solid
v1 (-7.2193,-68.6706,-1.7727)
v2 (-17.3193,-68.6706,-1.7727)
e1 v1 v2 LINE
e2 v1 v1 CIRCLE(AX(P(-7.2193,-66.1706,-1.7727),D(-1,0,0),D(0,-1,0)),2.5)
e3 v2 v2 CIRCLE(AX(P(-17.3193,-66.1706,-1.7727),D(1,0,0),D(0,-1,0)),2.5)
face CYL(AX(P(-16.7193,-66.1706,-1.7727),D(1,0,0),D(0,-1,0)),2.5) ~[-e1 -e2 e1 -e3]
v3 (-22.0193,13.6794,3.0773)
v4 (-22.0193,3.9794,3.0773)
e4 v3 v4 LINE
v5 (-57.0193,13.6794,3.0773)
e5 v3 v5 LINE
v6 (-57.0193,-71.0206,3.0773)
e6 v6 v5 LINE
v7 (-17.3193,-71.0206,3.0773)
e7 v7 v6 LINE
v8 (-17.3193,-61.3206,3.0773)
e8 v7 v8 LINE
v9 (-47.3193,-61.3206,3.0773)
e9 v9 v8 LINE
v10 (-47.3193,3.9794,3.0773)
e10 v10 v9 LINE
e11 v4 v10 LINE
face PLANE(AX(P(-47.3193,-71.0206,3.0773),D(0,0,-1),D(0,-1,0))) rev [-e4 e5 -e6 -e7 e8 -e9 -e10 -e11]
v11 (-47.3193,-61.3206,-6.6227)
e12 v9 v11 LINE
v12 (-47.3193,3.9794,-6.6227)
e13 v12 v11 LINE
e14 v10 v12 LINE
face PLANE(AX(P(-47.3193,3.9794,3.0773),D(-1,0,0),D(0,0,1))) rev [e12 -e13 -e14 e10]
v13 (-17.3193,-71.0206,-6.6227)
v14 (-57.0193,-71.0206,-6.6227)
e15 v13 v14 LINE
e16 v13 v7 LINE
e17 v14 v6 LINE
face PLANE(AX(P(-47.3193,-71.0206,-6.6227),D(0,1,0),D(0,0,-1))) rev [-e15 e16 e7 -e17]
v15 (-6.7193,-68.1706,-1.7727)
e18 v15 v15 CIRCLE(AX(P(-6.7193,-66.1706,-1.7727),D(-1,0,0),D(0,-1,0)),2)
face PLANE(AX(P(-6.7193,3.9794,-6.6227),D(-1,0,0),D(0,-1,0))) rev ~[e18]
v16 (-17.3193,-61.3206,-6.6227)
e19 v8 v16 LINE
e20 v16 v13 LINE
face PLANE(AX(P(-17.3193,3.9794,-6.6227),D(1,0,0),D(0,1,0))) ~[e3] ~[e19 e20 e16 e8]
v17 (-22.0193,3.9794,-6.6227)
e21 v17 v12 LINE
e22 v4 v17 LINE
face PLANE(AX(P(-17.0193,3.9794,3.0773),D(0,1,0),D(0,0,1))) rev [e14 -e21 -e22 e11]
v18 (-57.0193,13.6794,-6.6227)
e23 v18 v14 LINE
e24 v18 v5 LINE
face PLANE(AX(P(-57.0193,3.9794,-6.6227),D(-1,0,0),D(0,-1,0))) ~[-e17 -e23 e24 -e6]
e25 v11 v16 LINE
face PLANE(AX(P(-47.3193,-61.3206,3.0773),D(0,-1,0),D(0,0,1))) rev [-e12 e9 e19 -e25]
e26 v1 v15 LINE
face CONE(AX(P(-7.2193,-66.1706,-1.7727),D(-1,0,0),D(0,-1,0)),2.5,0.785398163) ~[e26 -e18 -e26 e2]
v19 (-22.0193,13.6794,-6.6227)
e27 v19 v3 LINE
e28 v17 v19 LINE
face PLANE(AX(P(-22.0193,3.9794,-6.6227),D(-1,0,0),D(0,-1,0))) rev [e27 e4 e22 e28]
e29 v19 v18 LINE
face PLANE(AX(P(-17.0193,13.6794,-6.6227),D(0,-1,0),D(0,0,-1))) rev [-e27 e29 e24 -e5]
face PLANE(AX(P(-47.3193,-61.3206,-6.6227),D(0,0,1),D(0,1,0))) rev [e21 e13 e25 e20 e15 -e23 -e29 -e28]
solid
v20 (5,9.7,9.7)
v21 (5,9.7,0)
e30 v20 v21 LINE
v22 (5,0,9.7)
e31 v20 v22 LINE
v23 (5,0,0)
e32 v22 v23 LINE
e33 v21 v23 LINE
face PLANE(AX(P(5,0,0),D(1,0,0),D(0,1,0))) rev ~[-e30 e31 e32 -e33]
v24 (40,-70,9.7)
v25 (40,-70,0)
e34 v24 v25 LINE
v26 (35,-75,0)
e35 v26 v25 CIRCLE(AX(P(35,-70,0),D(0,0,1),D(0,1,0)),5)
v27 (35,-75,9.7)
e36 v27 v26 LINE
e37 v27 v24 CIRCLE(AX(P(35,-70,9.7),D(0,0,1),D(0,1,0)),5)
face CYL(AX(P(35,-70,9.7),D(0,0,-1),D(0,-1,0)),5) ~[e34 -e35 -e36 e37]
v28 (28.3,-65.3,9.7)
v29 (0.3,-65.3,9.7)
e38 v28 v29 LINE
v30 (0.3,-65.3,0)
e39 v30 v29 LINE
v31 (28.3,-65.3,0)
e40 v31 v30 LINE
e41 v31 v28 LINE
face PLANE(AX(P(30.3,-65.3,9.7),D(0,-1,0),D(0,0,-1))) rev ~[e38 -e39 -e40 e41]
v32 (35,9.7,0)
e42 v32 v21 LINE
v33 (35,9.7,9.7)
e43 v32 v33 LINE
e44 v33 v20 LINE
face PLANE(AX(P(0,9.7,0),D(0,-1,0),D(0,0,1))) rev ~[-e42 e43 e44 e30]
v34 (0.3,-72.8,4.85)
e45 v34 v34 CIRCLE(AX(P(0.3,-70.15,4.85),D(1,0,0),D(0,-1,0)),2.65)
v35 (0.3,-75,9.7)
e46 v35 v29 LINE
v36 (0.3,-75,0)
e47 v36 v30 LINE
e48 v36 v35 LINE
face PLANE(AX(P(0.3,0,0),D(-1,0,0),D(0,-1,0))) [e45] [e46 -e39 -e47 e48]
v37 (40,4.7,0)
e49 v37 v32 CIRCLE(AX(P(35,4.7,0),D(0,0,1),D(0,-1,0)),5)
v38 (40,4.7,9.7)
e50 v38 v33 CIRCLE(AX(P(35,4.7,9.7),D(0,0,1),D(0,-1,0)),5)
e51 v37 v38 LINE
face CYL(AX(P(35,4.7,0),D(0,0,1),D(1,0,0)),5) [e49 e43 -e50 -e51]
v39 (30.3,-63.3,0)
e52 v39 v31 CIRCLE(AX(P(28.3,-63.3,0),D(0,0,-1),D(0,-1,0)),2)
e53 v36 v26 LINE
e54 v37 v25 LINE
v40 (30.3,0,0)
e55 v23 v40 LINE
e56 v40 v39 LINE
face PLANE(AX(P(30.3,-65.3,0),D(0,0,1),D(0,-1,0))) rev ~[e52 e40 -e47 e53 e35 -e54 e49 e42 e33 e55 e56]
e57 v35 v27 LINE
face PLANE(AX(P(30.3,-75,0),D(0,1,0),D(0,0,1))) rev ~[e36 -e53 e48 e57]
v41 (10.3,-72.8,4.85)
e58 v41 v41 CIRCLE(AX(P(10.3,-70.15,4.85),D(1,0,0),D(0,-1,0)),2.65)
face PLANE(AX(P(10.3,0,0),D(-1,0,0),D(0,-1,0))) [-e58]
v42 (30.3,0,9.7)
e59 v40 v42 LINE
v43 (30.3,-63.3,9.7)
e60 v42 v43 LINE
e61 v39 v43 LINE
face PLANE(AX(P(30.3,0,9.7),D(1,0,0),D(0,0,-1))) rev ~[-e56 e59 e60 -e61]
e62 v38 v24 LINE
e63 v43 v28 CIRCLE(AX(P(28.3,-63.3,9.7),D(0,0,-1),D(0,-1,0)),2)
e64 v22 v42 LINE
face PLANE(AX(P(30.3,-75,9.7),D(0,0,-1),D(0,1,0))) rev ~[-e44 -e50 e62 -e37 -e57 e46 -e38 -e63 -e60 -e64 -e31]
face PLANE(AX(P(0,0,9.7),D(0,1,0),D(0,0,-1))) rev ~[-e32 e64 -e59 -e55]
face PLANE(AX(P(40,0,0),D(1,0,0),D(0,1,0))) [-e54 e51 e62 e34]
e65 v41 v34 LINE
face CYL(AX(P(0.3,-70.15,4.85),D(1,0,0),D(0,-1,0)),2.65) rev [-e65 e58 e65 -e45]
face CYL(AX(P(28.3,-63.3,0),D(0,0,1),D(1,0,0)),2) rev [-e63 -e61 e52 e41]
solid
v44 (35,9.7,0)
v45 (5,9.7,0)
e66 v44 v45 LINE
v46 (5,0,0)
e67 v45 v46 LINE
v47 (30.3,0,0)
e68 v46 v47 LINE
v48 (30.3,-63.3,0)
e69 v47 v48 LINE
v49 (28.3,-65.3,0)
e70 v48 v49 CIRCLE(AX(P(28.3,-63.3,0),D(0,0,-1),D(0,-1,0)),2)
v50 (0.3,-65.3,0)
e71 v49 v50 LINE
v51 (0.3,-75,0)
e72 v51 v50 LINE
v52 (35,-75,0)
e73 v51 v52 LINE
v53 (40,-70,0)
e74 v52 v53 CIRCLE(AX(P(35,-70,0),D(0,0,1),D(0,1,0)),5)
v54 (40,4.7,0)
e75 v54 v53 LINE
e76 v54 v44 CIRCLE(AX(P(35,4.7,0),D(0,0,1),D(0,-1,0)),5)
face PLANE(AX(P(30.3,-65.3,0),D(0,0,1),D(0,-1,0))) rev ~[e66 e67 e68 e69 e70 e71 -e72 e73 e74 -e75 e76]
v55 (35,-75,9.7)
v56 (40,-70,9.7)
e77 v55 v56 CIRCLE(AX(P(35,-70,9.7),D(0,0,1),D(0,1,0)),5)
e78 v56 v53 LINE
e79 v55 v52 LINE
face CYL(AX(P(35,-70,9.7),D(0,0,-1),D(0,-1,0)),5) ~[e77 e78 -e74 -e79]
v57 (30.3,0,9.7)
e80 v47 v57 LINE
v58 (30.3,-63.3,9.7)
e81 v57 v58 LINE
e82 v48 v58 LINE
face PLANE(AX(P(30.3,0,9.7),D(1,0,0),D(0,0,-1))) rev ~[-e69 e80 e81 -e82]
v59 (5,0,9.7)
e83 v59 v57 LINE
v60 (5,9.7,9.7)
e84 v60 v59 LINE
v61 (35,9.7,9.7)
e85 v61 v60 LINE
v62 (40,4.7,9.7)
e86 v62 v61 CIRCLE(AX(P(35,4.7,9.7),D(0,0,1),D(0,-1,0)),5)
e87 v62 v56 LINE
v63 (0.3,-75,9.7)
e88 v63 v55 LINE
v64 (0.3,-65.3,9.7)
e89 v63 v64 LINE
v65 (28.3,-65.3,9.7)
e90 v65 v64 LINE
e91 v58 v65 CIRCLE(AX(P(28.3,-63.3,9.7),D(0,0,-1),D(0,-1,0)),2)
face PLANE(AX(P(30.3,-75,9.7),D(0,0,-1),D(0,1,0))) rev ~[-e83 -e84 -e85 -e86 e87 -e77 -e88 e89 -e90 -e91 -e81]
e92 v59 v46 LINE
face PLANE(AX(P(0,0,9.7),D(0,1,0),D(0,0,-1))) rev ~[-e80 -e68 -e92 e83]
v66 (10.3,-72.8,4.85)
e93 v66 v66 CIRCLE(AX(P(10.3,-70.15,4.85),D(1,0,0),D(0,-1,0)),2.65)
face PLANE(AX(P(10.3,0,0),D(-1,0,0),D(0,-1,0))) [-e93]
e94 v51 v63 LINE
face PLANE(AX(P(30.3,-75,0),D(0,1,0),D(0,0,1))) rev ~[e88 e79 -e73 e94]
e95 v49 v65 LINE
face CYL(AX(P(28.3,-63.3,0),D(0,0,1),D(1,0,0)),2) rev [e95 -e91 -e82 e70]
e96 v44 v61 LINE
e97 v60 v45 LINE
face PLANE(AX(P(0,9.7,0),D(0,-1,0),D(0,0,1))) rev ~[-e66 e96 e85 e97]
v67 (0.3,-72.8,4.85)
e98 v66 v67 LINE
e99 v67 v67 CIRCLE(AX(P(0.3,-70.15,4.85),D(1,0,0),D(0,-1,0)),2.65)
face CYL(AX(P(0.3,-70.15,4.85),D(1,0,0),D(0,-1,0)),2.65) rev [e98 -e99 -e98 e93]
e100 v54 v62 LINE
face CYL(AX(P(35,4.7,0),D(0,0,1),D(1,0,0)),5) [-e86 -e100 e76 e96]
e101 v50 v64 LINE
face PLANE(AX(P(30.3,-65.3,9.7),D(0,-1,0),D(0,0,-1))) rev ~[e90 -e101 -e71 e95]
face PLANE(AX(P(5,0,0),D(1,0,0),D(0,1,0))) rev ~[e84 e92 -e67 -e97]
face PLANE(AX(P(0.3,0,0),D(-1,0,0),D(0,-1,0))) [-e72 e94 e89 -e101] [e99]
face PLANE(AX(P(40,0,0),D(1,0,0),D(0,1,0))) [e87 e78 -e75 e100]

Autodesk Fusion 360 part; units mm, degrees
sketch "Sketch2" plane through (0, 0, 0) normal (0, 0, 1) x (1, 0, 0)
  circle A0 centre (0, 0) radius 20
  circle A1 centre (0, 0) radius 1
  dimension "d22" = 40
extrude "Extrude1" add sketch "Sketch2" along normal blind 10 makes body 1
copy_body "Body->Comp1" bodies 1 removing the originals makes body 2 in component "Component"
component "Component" placed x (1, 0, 0) y (0, 1, 0) z (0, 0, 1) at (0, 0, 0)

Autodesk Fusion 360 part; units mm, degrees
sketch "Sketch1" plane through (0, 0, 0) normal (1, 0, 0) x (0, 1, 0)
  line L0 (0, 0) -> (9.7, 0)
  line L1 (9.7, 0) -> (9.7, 9.7)
  line L2 (9.7, 9.7) -> (0, 9.7)
  line L3 (0, 9.7) -> (0, 0)
  dimension "d1" = 9.7
  dimension "d2" = 9.7
extrude "Extrude1" add sketch "Sketch1" along normal blind 40 makes body 1
sketch "Sketch2" plane through (0, 0, 0) normal (0, -1, 0) x (1, 0, 0)
  line L0 (0, 9.7) -> (0, 0)
  line L1 (0, 0) -> (40, 0)
  line L2 (40, 0) -> (40, 9.7)
  line L3 (40, 9.7) -> (0, 9.7)
  line L4 (40, 9.7) -> (30.3, 9.7)
  line L5 (30.3, 9.7) -> (30.3, 0)
  line L6 (30.3, 0) -> (40, 0)
  line L7 (40, 0) -> (40, 9.7)
  dimension "d5" = 9.7
extrude "Extrude2" add sketch "Sketch2" along normal blind 75 contours L1 L2 L3 L4 L5 L6 L7 bodies 1
sketch "Sketch3" plane through (30.3, 0, 0) normal (-1, 0, 0) x (0, -1, 0)
  line L0 (0, 9.7) -> (0, 0)
  line L1 (0, 0) -> (75, 0)
  line L2 (75, 0) -> (75, 9.7)
  line L3 (75, 9.7) -> (0, 9.7)
  line L4 (75, 9.7) -> (65.3, 9.7)
  line L5 (65.3, 9.7) -> (65.3, -2.721)
  line L6 (65.3, -2.721) -> (75, -2.721)
  line L7 (75, -2.721) -> (75, 9.7)
  dimension "d8" = 9.7
extrude "Extrude3" add sketch "Sketch3" along normal blind 30 contours L1 L2 L3 L4 L5 L7 bodies 1
sketch "Sketch4" plane through (0.3, 0, 0) normal (-1, 0, 0) x (0, -1, 0)
  line L0 (75, 0) -> (75, 9.7)
  line L1 (75, 9.7) -> (65.3, 9.7)
  line L2 (65.3, 9.7) -> (65.3, 0)
  line L3 (65.3, 0) -> (75, 0)
  circle A0 centre (70.15, 4.85) radius 2.5
  line L4 (70.15, 9.7) -> (70.15, 0)
  line L5 (65.3, 4.85) -> (75, 4.85)
  dimension "d11" = 5
extrude "Extrude5" cut sketch "Sketch4" along normal mid plane 20 contours A0 L4 L5 | A0 L4 L5 | A0 L4 L5 | A0 L4 L5 bodies 1
mirror "Mirror1" about plane through (0, 0, 0) normal (1, 0, 0) of bodies 1 makes body 2
extrude "Extrude6" add sketch "Sketch4" along normal up to surface (10.6 mm away) and the other way blind 10 contours A0 L4 L5 | A0 L4 L5 | A0 L4 L5 | A0 L4 L5 bodies 2
chamfer "Chamfer1" distance 0.5 angle 45 1 edges at (10.3, -67.8192, 5.754) on bodies 2
copy_body "Body->Comp1" bodies 1 removing the originals makes body 3 in component "Component"
copy_body "Body->Comp2" bodies 2 removing the originals makes body 4 in component "Component'"
move_face "OffsetFaces1" offset -0.15 1 faces at (6.9667, -72.6469, 4.7254) on bodies 3 in component "Component"
extrude "Extrude1'" cut 1 faces at (0, 3.2333, 6.4667) along direction (1, 0, 0) blind 5 on bodies 3 bodies 3 in component "Component"
extrude "Extrude1''" cut 1 faces at (0, 3.2333, 6.4667) along direction (-1, 0, 0) blind 5 on bodies 4 bodies 4 in component "Component'"
fillet "Fillet1" radius 2 1 edges at (30.3, -65.3, 4.85) on bodies 3 in component "Component"
fillet "Fillet2" radius 5 1 edges at (40, -75, 4.85) on bodies 3 in component "Component"
fillet "Fillet3" radius 5 1 edges at (40, 9.7, 4.85) on bodies 3 in component "Component"
component "Component" placed x (1, 0, 0) y (0, 1, 0) z (0, 0, 1) at (0, 0, 0)
component "Component'" placed x (1, 0, 0) y (0, 1, 0) z (0, 0, 1) at (-17.0193, 3.9794, -6.6227)
